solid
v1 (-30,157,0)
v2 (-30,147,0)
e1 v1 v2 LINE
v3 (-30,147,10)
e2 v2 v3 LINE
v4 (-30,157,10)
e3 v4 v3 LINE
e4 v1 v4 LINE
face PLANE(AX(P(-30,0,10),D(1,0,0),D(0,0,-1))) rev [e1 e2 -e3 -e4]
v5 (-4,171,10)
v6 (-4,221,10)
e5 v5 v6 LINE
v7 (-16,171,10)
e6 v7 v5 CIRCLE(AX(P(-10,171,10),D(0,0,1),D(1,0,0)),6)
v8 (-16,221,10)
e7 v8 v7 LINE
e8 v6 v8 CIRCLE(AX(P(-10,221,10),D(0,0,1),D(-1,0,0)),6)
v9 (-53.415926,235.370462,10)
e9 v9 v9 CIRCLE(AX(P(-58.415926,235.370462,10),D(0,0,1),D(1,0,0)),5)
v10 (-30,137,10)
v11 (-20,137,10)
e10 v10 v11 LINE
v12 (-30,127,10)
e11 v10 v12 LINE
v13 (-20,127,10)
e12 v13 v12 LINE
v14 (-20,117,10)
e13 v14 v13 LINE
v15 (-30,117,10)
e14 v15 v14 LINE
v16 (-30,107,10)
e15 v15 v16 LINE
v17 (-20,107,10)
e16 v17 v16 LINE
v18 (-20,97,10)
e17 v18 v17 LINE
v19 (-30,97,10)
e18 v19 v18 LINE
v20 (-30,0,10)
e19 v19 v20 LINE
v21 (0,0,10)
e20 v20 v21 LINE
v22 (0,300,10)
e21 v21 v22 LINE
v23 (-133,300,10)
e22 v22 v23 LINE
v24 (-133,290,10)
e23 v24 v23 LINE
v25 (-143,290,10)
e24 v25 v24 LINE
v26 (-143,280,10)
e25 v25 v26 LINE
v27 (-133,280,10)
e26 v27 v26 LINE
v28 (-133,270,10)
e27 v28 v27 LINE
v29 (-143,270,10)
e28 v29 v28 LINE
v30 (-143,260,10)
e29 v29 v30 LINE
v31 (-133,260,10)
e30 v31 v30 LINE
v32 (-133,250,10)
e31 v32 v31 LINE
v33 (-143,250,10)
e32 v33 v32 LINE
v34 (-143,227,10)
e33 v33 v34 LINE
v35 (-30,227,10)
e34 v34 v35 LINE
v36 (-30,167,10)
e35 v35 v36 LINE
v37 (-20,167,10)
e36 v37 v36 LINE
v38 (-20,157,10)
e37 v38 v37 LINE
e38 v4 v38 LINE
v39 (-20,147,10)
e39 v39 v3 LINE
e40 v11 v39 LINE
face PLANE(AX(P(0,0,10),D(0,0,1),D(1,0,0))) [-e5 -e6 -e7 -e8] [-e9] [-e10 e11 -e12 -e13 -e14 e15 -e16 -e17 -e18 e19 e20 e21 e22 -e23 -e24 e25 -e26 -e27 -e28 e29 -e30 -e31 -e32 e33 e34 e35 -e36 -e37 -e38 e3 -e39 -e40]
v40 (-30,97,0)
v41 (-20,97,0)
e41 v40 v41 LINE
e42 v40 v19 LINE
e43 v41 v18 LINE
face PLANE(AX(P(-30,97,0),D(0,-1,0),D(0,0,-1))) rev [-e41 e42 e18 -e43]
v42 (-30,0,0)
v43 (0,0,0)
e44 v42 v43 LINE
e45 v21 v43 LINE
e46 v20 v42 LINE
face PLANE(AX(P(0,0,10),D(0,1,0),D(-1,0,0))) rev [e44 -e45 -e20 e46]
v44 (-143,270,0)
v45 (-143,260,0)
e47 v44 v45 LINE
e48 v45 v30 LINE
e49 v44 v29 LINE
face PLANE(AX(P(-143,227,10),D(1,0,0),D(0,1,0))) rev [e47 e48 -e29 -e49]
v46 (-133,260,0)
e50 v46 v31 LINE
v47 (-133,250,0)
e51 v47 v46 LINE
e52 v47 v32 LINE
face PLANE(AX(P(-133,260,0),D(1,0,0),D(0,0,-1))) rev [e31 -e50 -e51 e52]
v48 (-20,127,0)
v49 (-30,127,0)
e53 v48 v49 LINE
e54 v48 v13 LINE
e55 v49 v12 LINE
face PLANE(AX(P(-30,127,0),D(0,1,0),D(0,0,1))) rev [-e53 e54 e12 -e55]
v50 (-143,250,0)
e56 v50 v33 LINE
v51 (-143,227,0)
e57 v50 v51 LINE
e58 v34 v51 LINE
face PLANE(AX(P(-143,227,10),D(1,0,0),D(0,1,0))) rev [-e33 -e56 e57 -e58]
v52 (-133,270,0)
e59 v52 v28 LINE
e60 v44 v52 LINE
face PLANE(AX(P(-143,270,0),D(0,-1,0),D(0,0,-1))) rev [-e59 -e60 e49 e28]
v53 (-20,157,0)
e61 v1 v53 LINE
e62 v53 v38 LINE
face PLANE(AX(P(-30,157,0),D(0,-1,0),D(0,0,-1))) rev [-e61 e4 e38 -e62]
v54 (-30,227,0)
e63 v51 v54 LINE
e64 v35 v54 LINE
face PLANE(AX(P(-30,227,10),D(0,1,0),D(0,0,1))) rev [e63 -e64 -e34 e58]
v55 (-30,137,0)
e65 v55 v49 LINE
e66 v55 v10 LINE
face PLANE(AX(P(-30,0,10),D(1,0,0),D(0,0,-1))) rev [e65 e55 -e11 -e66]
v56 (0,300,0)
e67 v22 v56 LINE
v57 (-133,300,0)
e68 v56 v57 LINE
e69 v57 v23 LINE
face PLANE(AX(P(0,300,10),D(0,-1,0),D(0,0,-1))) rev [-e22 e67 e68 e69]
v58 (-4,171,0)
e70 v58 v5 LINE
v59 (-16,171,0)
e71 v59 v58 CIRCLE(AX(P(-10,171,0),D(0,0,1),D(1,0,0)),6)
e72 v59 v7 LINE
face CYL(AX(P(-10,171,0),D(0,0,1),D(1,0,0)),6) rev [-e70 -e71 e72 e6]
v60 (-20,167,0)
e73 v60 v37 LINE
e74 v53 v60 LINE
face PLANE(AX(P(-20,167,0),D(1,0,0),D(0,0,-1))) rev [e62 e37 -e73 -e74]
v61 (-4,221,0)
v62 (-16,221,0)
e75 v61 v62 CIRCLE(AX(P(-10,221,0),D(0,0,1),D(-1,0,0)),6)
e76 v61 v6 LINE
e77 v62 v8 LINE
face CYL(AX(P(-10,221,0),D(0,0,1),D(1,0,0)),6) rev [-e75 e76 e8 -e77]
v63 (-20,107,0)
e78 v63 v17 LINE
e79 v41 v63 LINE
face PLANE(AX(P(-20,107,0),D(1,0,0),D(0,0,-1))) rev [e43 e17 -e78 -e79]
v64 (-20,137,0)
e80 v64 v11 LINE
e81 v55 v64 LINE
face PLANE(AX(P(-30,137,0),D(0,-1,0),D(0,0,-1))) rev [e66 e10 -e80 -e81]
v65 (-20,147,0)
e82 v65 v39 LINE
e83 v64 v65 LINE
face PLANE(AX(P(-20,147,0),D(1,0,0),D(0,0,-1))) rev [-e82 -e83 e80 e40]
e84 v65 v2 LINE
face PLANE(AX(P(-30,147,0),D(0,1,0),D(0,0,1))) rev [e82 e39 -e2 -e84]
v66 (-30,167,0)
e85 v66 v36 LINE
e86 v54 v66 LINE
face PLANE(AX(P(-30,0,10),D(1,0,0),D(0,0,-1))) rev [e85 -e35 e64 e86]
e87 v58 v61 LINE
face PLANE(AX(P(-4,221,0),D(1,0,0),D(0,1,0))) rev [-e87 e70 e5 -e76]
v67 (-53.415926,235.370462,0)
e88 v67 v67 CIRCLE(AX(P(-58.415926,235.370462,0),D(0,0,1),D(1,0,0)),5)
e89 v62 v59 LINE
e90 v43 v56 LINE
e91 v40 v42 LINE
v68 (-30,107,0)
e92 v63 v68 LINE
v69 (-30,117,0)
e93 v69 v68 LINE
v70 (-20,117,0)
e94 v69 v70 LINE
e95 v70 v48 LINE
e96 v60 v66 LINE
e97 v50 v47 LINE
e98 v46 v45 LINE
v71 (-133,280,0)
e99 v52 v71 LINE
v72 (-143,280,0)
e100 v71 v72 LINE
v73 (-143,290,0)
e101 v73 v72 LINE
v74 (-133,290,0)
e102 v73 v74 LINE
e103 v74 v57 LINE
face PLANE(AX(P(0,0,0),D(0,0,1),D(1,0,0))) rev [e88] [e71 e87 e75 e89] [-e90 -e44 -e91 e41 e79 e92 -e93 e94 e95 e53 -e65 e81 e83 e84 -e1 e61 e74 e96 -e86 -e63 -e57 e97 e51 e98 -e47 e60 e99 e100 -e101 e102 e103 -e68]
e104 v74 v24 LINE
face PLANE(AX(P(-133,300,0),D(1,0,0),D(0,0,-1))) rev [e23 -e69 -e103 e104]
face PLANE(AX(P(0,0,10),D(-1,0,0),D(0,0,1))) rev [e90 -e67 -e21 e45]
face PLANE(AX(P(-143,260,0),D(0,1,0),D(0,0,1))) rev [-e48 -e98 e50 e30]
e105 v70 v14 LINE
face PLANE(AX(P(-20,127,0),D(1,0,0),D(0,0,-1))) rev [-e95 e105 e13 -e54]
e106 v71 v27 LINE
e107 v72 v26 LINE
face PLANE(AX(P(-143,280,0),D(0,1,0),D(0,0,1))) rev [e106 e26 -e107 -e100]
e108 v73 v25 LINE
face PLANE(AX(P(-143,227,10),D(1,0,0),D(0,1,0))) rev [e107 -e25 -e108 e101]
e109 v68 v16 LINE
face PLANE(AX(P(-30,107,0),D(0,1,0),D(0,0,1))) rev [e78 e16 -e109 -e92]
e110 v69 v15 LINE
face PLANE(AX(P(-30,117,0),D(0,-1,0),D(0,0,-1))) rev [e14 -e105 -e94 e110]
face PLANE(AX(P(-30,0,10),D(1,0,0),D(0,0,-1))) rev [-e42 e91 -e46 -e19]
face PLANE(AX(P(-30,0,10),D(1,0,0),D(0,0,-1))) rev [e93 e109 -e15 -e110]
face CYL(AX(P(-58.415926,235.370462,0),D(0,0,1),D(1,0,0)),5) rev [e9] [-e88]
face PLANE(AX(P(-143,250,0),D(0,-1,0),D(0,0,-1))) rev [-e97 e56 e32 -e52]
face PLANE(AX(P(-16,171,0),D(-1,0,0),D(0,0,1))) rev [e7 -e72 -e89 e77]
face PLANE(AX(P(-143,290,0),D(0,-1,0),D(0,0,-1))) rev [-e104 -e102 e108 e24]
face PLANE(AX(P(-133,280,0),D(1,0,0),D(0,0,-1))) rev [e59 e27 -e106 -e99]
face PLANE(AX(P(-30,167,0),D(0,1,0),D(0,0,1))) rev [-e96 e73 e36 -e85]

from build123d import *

# Parameters (mm, degrees)
BOSS_EXTRU_1_DEPTH         = 10
ESQUISSE2_W                = 10
ESQUISSE2_H                = 10
ENL_V_MAT_EXTRU_1_DEPTH    = 10
R_P_TITION_LIN_AIRE1_COUNT = 3
R_P_TITION_LIN_AIRE1_PITCH = 20
ESQUISSE3_W                = 10
ESQUISSE3_H                = 10
ENL_V_MAT_EXTRU_2_DEPTH    = 10
R_P_TITION_LIN_AIRE2_COUNT = 4
R_P_TITION_LIN_AIRE2_PITCH = 20
ENL_V_MAT_EXTRU_3_DEPTH    = 10
ESQUISSE5_R                = 5
ENL_V_MAT_EXTRU_4_DEPTH    = 10


with BuildPart() as part:
    # Esquisse1 → Boss.-Extru.1 (new body)
    with BuildSketch(Plane.XY):
        Polygon((0, 0), (-30, 0), (-30, 227), (-143, 227), (-143, 300), (0, 300), align=None)
    extrude(amount=BOSS_EXTRU_1_DEPTH)

    # Esquisse2 → Enlèv. mat.-Extru.1 (cut)
    with BuildSketch(Plane.XY.offset(10)):
        with Locations((-138, 295)):
            Rectangle(ESQUISSE2_W, ESQUISSE2_H)
    enl_v_mat_extru_1 = extrude(amount=-ENL_V_MAT_EXTRU_1_DEPTH, mode=Mode.SUBTRACT)

    # Répétition linéaire1: Enlèv. mat.-Extru.1 ×3
    with Locations(*[(0, -i * R_P_TITION_LIN_AIRE1_PITCH, 0) for i in range(1, R_P_TITION_LIN_AIRE1_COUNT)]):
        add(enl_v_mat_extru_1, mode=Mode.SUBTRACT)

    # Esquisse3 → Enlèv. mat.-Extru.2 (cut)
    with BuildSketch(Plane.XY.offset(10)):
        with Locations((-25, 162)):
            Rectangle(ESQUISSE3_W, ESQUISSE3_H)
    enl_v_mat_extru_2 = extrude(amount=-ENL_V_MAT_EXTRU_2_DEPTH, mode=Mode.SUBTRACT)

    # Répétition linéaire2: Enlèv. mat.-Extru.2 ×4
    with Locations(*[(0, -i * R_P_TITION_LIN_AIRE2_PITCH, 0) for i in range(1, R_P_TITION_LIN_AIRE2_COUNT)]):
        add(enl_v_mat_extru_2, mode=Mode.SUBTRACT)

    # Esquisse4 → Enlèv. mat.-Extru.3 (cut)
    with BuildSketch(Plane.XY.offset(10)):
        with BuildLine():
            Line((-4, 221), (-4, 171))
            ThreePointArc((-4, 171), (-10, 165), (-16, 171))
            Line((-16, 171), (-16, 221))
            ThreePointArc((-16, 221), (-10, 227), (-4, 221))
        make_face()
    extrude(amount=-ENL_V_MAT_EXTRU_3_DEPTH, mode=Mode.SUBTRACT)

    # Esquisse5 → Enlèv. mat.-Extru.4 (cut)
    with BuildSketch(Plane.XY.offset(10)):
        with Locations((-58.415926493, 235.370461514)):
            Circle(ESQUISSE5_R)
    extrude(amount=-ENL_V_MAT_EXTRU_4_DEPTH, mode=Mode.SUBTRACT)


solid = part.part
